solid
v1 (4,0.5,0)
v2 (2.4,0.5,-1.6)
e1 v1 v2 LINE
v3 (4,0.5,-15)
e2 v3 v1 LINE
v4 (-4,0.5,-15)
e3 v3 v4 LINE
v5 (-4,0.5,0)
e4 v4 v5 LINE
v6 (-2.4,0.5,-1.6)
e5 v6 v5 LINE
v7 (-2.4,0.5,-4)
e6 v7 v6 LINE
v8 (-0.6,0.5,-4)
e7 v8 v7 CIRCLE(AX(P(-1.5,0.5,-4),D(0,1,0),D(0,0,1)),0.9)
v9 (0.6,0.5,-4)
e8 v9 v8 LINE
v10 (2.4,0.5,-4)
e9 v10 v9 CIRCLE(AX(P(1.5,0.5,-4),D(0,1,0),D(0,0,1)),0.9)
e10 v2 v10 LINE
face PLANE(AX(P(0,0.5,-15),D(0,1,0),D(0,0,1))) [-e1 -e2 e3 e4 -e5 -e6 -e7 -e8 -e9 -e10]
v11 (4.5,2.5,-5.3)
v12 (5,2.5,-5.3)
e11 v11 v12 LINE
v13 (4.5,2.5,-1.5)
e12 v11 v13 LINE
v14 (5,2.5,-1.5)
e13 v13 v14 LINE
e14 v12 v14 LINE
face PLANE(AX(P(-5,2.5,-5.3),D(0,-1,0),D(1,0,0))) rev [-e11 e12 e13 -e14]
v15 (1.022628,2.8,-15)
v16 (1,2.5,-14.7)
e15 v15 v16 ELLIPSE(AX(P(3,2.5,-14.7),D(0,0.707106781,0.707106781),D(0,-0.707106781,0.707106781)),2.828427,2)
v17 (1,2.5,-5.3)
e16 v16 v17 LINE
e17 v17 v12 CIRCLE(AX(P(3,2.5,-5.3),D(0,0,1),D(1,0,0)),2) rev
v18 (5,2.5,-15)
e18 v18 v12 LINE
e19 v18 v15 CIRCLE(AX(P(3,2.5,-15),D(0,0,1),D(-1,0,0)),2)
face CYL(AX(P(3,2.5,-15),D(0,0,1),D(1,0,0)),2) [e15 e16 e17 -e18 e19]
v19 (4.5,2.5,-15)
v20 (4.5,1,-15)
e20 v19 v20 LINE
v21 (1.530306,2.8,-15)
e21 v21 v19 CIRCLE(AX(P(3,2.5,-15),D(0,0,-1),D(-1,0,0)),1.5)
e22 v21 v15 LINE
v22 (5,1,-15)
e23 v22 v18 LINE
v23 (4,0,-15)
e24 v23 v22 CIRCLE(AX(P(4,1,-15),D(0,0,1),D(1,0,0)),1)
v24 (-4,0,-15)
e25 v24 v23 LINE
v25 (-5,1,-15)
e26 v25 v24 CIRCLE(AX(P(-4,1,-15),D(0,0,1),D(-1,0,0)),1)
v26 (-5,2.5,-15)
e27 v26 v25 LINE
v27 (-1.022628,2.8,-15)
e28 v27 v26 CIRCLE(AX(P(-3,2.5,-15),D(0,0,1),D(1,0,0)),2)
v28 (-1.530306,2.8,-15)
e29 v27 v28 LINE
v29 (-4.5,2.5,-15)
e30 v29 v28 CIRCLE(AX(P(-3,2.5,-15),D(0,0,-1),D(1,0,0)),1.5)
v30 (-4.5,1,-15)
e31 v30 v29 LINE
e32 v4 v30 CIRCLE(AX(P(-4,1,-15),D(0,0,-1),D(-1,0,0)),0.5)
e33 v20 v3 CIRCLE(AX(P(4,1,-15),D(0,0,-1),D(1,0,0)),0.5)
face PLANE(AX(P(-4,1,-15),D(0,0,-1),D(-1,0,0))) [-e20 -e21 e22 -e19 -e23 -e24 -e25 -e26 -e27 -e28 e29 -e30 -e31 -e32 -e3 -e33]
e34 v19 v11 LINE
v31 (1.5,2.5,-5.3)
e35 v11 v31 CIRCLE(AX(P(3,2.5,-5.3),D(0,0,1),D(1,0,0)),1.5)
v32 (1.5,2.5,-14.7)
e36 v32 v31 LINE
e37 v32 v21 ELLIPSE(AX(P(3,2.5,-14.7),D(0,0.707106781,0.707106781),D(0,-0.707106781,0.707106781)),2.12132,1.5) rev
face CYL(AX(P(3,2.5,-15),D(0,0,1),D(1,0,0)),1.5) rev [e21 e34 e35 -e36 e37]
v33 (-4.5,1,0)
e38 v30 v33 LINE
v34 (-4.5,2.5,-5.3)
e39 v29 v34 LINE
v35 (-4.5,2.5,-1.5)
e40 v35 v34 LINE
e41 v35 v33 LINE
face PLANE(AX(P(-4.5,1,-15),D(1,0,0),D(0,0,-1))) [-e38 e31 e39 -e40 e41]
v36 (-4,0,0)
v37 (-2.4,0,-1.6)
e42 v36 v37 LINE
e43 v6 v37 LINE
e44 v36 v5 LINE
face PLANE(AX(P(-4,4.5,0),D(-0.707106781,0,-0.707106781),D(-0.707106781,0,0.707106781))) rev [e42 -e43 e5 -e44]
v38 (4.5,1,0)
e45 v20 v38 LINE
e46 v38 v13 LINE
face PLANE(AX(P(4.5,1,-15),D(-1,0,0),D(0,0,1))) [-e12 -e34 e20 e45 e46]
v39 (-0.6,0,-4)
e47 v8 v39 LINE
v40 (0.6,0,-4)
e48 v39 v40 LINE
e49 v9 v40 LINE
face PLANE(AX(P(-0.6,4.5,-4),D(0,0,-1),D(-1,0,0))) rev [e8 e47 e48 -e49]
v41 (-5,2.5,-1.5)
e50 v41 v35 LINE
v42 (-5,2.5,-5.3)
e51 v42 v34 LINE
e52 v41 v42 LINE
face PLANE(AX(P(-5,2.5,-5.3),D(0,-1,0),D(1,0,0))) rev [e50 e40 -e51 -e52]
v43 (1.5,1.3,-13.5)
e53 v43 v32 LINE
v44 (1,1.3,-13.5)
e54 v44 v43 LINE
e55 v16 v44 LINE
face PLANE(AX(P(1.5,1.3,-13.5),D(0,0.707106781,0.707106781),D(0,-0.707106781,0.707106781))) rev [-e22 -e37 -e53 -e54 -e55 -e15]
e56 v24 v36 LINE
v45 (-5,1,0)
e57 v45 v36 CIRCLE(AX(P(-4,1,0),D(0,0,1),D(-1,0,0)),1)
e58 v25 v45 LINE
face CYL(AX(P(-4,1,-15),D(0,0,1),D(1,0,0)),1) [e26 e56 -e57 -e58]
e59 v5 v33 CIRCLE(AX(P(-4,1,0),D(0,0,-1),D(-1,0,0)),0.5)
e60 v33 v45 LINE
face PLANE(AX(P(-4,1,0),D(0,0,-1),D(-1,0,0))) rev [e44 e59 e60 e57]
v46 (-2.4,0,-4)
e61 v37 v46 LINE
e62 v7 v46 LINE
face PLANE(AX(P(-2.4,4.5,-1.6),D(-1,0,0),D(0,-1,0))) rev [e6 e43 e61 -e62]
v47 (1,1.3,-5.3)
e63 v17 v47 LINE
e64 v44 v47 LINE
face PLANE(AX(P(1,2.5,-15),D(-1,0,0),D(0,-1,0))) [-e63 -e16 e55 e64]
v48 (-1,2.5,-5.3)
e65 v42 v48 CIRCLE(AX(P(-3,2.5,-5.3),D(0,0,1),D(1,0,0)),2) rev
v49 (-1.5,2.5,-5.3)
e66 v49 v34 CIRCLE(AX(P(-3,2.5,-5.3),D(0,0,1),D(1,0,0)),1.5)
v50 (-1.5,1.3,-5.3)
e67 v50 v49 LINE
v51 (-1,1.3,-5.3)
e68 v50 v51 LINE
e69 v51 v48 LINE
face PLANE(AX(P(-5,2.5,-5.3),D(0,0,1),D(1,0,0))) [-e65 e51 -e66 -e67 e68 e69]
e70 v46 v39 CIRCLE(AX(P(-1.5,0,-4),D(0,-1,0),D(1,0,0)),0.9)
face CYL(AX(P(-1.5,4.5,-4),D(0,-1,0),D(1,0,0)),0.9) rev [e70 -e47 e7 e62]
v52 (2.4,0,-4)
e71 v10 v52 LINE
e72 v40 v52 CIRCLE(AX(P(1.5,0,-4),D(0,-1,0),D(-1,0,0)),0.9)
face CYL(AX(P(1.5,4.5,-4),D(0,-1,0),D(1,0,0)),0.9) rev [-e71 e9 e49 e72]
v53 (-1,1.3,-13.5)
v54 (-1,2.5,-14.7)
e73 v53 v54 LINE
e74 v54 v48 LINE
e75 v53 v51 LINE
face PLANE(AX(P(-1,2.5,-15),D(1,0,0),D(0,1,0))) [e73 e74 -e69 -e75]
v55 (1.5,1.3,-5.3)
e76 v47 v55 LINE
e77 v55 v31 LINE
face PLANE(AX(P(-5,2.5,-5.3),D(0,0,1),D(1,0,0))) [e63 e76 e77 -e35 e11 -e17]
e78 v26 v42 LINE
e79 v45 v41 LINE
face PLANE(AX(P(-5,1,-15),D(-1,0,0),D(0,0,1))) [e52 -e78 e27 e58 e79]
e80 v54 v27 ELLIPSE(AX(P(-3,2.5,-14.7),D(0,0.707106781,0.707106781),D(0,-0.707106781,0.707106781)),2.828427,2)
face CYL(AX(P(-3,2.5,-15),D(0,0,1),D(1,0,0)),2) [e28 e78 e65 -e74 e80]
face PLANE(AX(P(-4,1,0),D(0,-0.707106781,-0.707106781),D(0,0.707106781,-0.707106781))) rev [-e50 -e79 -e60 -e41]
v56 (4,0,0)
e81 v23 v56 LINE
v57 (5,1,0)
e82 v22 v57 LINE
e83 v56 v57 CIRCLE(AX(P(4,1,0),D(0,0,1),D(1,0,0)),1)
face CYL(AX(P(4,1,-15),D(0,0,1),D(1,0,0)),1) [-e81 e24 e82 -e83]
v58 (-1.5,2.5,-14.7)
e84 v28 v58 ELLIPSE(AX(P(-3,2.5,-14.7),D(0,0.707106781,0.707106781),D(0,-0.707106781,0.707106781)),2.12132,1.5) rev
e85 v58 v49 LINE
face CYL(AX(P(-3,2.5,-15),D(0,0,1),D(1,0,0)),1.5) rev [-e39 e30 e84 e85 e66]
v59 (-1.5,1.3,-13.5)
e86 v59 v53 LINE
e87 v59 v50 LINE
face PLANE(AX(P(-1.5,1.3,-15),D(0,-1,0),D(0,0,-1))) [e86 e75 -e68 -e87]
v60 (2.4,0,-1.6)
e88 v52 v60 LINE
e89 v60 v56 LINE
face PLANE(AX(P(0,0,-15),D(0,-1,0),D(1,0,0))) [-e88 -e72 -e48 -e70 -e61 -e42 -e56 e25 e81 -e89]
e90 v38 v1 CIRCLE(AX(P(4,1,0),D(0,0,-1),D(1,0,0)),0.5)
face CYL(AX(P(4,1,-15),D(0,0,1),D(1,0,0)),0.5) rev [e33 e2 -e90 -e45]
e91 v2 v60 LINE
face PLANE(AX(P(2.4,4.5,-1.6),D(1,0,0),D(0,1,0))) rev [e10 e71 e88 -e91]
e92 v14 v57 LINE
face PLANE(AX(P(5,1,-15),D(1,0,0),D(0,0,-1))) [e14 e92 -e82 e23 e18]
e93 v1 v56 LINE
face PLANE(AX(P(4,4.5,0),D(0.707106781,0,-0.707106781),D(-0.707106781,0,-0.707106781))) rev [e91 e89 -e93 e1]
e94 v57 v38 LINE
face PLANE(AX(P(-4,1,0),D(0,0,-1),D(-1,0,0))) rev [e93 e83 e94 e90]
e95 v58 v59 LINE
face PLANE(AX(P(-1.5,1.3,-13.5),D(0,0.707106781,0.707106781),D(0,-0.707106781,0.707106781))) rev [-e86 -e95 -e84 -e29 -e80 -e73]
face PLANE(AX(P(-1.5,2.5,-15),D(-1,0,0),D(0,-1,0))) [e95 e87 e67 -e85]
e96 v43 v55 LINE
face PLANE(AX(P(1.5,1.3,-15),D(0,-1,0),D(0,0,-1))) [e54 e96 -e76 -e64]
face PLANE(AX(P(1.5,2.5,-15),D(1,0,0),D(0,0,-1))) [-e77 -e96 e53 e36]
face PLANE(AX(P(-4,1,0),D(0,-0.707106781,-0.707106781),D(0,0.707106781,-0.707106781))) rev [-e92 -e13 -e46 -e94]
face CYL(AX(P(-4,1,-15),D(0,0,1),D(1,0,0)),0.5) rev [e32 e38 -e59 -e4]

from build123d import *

# Parameters (mm, degrees)
BOSS_EXTRUDE1_DEPTH = 15
CUT_EXTRUDE1_DEPTH  = 17.439282223
CUT_EXTRUDE2_START  = -4.5
SKETCH3_W           = 10
SKETCH3_H           = 5.3
CUT_EXTRUDE2_DEPTH  = 2
SKETCH4_W           = 3
SKETCH4_H           = 0.815561475
CUT_EXTRUDE3_DEPTH  = 2
CHAMFER1_SIZE       = 1.5


with BuildPart() as part:
    # Sketch1 → Boss-Extrude1 (new body)
    with BuildSketch(Plane.XY):
        with BuildLine():
            Line((0, 0), (-4, 0))
            ThreePointArc((-4, 0), (-4.707106781, 0.292893219), (-5, 1))
            Line((-5, 1), (-5, 2.5))
            ThreePointArc((-5, 2.5), (-3, 4.5), (-1, 2.5))
            Line((-1, 2.5), (-1, 1.3))
            Line((-1, 1.3), (-1.5, 1.3))
            Line((-1.5, 1.3), (-1.5, 2.5))
            ThreePointArc((-1.5, 2.5), (-3, 4), (-4.5, 2.5))
            Line((-4.5, 2.5), (-4.5, 1))
            ThreePointArc((-4.5, 1), (-4.353553391, 0.646446609), (-4, 0.5))
            Line((-4, 0.5), (0, 0.5))
            Line((0, 0.5), (4, 0.5))
            ThreePointArc((4, 0.5), (4.353553391, 0.646446609), (4.5, 1))
            Line((4.5, 1), (4.5, 2.5))
            ThreePointArc((4.5, 2.5), (3, 4), (1.5, 2.5))
            Line((1.5, 2.5), (1.5, 1.3))
            Line((1.5, 1.3), (1, 1.3))
            Line((1, 1.3), (1, 2.5))
            ThreePointArc((1, 2.5), (3, 4.5), (5, 2.5))
            Line((5, 2.5), (5, 1))
            ThreePointArc((5, 1), (4.707106781, 0.292893219), (4, 0))
            Line((4, 0), (0, 0))
        make_face()
    extrude(amount=-BOSS_EXTRUDE1_DEPTH)

    # Sketch2 → Cut-Extrude1 (cut, through all)
    with BuildSketch(Plane.XZ):
        with BuildLine():
            Line((-4, 0), (-2.4, -1.6))
            Line((-2.4, -1.6), (-2.4, -4))
            ThreePointArc((-2.4, -4), (-1.5, -4.9), (-0.6, -4))
            Line((-0.6, -4), (0.6, -4))
            ThreePointArc((0.6, -4), (1.5, -4.9), (2.4, -4))
            Line((2.4, -4), (2.4, -1.6))
            Line((2.4, -1.6), (4, 0))
            Line((4, 0), (4, 0.537500588))
            Line((4, 0.537500588), (-4, 0.537500588))
            Line((-4, 0.537500588), (-4, 0))
        make_face()
    extrude(amount=-CUT_EXTRUDE1_DEPTH, mode=Mode.SUBTRACT)

    # Sketch3 → Cut-Extrude2 (cut)
    with BuildSketch(Plane.XZ.offset(CUT_EXTRUDE2_START)):
        with Locations((0, -2.65)):
            Rectangle(SKETCH3_W, SKETCH3_H)
    extrude(amount=CUT_EXTRUDE2_DEPTH, mode=Mode.SUBTRACT)

    # Sketch4 → Cut-Extrude3 (cut)
    with BuildSketch(Plane(origin=(0, 2.5, 0), x_dir=(1, 0, 0), z_dir=(0, 1, 0))):
        with Locations((0, 4.892219263)):
            Rectangle(SKETCH4_W, SKETCH4_H)
    extrude(amount=-CUT_EXTRUDE3_DEPTH, mode=Mode.SUBTRACT)

    # Chamfer1
    chamfer1_edges = [part.edges().sort_by_distance(p)[0] for p in [
        (4.75, 2.5, 0),
        (-4.75, 2.5, 0),
        (1.25, 1.3, -15),
        (-1.25, 1.3, -15),
    ]]
    chamfer(chamfer1_edges, length=CHAMFER1_SIZE)


solid = part.part
